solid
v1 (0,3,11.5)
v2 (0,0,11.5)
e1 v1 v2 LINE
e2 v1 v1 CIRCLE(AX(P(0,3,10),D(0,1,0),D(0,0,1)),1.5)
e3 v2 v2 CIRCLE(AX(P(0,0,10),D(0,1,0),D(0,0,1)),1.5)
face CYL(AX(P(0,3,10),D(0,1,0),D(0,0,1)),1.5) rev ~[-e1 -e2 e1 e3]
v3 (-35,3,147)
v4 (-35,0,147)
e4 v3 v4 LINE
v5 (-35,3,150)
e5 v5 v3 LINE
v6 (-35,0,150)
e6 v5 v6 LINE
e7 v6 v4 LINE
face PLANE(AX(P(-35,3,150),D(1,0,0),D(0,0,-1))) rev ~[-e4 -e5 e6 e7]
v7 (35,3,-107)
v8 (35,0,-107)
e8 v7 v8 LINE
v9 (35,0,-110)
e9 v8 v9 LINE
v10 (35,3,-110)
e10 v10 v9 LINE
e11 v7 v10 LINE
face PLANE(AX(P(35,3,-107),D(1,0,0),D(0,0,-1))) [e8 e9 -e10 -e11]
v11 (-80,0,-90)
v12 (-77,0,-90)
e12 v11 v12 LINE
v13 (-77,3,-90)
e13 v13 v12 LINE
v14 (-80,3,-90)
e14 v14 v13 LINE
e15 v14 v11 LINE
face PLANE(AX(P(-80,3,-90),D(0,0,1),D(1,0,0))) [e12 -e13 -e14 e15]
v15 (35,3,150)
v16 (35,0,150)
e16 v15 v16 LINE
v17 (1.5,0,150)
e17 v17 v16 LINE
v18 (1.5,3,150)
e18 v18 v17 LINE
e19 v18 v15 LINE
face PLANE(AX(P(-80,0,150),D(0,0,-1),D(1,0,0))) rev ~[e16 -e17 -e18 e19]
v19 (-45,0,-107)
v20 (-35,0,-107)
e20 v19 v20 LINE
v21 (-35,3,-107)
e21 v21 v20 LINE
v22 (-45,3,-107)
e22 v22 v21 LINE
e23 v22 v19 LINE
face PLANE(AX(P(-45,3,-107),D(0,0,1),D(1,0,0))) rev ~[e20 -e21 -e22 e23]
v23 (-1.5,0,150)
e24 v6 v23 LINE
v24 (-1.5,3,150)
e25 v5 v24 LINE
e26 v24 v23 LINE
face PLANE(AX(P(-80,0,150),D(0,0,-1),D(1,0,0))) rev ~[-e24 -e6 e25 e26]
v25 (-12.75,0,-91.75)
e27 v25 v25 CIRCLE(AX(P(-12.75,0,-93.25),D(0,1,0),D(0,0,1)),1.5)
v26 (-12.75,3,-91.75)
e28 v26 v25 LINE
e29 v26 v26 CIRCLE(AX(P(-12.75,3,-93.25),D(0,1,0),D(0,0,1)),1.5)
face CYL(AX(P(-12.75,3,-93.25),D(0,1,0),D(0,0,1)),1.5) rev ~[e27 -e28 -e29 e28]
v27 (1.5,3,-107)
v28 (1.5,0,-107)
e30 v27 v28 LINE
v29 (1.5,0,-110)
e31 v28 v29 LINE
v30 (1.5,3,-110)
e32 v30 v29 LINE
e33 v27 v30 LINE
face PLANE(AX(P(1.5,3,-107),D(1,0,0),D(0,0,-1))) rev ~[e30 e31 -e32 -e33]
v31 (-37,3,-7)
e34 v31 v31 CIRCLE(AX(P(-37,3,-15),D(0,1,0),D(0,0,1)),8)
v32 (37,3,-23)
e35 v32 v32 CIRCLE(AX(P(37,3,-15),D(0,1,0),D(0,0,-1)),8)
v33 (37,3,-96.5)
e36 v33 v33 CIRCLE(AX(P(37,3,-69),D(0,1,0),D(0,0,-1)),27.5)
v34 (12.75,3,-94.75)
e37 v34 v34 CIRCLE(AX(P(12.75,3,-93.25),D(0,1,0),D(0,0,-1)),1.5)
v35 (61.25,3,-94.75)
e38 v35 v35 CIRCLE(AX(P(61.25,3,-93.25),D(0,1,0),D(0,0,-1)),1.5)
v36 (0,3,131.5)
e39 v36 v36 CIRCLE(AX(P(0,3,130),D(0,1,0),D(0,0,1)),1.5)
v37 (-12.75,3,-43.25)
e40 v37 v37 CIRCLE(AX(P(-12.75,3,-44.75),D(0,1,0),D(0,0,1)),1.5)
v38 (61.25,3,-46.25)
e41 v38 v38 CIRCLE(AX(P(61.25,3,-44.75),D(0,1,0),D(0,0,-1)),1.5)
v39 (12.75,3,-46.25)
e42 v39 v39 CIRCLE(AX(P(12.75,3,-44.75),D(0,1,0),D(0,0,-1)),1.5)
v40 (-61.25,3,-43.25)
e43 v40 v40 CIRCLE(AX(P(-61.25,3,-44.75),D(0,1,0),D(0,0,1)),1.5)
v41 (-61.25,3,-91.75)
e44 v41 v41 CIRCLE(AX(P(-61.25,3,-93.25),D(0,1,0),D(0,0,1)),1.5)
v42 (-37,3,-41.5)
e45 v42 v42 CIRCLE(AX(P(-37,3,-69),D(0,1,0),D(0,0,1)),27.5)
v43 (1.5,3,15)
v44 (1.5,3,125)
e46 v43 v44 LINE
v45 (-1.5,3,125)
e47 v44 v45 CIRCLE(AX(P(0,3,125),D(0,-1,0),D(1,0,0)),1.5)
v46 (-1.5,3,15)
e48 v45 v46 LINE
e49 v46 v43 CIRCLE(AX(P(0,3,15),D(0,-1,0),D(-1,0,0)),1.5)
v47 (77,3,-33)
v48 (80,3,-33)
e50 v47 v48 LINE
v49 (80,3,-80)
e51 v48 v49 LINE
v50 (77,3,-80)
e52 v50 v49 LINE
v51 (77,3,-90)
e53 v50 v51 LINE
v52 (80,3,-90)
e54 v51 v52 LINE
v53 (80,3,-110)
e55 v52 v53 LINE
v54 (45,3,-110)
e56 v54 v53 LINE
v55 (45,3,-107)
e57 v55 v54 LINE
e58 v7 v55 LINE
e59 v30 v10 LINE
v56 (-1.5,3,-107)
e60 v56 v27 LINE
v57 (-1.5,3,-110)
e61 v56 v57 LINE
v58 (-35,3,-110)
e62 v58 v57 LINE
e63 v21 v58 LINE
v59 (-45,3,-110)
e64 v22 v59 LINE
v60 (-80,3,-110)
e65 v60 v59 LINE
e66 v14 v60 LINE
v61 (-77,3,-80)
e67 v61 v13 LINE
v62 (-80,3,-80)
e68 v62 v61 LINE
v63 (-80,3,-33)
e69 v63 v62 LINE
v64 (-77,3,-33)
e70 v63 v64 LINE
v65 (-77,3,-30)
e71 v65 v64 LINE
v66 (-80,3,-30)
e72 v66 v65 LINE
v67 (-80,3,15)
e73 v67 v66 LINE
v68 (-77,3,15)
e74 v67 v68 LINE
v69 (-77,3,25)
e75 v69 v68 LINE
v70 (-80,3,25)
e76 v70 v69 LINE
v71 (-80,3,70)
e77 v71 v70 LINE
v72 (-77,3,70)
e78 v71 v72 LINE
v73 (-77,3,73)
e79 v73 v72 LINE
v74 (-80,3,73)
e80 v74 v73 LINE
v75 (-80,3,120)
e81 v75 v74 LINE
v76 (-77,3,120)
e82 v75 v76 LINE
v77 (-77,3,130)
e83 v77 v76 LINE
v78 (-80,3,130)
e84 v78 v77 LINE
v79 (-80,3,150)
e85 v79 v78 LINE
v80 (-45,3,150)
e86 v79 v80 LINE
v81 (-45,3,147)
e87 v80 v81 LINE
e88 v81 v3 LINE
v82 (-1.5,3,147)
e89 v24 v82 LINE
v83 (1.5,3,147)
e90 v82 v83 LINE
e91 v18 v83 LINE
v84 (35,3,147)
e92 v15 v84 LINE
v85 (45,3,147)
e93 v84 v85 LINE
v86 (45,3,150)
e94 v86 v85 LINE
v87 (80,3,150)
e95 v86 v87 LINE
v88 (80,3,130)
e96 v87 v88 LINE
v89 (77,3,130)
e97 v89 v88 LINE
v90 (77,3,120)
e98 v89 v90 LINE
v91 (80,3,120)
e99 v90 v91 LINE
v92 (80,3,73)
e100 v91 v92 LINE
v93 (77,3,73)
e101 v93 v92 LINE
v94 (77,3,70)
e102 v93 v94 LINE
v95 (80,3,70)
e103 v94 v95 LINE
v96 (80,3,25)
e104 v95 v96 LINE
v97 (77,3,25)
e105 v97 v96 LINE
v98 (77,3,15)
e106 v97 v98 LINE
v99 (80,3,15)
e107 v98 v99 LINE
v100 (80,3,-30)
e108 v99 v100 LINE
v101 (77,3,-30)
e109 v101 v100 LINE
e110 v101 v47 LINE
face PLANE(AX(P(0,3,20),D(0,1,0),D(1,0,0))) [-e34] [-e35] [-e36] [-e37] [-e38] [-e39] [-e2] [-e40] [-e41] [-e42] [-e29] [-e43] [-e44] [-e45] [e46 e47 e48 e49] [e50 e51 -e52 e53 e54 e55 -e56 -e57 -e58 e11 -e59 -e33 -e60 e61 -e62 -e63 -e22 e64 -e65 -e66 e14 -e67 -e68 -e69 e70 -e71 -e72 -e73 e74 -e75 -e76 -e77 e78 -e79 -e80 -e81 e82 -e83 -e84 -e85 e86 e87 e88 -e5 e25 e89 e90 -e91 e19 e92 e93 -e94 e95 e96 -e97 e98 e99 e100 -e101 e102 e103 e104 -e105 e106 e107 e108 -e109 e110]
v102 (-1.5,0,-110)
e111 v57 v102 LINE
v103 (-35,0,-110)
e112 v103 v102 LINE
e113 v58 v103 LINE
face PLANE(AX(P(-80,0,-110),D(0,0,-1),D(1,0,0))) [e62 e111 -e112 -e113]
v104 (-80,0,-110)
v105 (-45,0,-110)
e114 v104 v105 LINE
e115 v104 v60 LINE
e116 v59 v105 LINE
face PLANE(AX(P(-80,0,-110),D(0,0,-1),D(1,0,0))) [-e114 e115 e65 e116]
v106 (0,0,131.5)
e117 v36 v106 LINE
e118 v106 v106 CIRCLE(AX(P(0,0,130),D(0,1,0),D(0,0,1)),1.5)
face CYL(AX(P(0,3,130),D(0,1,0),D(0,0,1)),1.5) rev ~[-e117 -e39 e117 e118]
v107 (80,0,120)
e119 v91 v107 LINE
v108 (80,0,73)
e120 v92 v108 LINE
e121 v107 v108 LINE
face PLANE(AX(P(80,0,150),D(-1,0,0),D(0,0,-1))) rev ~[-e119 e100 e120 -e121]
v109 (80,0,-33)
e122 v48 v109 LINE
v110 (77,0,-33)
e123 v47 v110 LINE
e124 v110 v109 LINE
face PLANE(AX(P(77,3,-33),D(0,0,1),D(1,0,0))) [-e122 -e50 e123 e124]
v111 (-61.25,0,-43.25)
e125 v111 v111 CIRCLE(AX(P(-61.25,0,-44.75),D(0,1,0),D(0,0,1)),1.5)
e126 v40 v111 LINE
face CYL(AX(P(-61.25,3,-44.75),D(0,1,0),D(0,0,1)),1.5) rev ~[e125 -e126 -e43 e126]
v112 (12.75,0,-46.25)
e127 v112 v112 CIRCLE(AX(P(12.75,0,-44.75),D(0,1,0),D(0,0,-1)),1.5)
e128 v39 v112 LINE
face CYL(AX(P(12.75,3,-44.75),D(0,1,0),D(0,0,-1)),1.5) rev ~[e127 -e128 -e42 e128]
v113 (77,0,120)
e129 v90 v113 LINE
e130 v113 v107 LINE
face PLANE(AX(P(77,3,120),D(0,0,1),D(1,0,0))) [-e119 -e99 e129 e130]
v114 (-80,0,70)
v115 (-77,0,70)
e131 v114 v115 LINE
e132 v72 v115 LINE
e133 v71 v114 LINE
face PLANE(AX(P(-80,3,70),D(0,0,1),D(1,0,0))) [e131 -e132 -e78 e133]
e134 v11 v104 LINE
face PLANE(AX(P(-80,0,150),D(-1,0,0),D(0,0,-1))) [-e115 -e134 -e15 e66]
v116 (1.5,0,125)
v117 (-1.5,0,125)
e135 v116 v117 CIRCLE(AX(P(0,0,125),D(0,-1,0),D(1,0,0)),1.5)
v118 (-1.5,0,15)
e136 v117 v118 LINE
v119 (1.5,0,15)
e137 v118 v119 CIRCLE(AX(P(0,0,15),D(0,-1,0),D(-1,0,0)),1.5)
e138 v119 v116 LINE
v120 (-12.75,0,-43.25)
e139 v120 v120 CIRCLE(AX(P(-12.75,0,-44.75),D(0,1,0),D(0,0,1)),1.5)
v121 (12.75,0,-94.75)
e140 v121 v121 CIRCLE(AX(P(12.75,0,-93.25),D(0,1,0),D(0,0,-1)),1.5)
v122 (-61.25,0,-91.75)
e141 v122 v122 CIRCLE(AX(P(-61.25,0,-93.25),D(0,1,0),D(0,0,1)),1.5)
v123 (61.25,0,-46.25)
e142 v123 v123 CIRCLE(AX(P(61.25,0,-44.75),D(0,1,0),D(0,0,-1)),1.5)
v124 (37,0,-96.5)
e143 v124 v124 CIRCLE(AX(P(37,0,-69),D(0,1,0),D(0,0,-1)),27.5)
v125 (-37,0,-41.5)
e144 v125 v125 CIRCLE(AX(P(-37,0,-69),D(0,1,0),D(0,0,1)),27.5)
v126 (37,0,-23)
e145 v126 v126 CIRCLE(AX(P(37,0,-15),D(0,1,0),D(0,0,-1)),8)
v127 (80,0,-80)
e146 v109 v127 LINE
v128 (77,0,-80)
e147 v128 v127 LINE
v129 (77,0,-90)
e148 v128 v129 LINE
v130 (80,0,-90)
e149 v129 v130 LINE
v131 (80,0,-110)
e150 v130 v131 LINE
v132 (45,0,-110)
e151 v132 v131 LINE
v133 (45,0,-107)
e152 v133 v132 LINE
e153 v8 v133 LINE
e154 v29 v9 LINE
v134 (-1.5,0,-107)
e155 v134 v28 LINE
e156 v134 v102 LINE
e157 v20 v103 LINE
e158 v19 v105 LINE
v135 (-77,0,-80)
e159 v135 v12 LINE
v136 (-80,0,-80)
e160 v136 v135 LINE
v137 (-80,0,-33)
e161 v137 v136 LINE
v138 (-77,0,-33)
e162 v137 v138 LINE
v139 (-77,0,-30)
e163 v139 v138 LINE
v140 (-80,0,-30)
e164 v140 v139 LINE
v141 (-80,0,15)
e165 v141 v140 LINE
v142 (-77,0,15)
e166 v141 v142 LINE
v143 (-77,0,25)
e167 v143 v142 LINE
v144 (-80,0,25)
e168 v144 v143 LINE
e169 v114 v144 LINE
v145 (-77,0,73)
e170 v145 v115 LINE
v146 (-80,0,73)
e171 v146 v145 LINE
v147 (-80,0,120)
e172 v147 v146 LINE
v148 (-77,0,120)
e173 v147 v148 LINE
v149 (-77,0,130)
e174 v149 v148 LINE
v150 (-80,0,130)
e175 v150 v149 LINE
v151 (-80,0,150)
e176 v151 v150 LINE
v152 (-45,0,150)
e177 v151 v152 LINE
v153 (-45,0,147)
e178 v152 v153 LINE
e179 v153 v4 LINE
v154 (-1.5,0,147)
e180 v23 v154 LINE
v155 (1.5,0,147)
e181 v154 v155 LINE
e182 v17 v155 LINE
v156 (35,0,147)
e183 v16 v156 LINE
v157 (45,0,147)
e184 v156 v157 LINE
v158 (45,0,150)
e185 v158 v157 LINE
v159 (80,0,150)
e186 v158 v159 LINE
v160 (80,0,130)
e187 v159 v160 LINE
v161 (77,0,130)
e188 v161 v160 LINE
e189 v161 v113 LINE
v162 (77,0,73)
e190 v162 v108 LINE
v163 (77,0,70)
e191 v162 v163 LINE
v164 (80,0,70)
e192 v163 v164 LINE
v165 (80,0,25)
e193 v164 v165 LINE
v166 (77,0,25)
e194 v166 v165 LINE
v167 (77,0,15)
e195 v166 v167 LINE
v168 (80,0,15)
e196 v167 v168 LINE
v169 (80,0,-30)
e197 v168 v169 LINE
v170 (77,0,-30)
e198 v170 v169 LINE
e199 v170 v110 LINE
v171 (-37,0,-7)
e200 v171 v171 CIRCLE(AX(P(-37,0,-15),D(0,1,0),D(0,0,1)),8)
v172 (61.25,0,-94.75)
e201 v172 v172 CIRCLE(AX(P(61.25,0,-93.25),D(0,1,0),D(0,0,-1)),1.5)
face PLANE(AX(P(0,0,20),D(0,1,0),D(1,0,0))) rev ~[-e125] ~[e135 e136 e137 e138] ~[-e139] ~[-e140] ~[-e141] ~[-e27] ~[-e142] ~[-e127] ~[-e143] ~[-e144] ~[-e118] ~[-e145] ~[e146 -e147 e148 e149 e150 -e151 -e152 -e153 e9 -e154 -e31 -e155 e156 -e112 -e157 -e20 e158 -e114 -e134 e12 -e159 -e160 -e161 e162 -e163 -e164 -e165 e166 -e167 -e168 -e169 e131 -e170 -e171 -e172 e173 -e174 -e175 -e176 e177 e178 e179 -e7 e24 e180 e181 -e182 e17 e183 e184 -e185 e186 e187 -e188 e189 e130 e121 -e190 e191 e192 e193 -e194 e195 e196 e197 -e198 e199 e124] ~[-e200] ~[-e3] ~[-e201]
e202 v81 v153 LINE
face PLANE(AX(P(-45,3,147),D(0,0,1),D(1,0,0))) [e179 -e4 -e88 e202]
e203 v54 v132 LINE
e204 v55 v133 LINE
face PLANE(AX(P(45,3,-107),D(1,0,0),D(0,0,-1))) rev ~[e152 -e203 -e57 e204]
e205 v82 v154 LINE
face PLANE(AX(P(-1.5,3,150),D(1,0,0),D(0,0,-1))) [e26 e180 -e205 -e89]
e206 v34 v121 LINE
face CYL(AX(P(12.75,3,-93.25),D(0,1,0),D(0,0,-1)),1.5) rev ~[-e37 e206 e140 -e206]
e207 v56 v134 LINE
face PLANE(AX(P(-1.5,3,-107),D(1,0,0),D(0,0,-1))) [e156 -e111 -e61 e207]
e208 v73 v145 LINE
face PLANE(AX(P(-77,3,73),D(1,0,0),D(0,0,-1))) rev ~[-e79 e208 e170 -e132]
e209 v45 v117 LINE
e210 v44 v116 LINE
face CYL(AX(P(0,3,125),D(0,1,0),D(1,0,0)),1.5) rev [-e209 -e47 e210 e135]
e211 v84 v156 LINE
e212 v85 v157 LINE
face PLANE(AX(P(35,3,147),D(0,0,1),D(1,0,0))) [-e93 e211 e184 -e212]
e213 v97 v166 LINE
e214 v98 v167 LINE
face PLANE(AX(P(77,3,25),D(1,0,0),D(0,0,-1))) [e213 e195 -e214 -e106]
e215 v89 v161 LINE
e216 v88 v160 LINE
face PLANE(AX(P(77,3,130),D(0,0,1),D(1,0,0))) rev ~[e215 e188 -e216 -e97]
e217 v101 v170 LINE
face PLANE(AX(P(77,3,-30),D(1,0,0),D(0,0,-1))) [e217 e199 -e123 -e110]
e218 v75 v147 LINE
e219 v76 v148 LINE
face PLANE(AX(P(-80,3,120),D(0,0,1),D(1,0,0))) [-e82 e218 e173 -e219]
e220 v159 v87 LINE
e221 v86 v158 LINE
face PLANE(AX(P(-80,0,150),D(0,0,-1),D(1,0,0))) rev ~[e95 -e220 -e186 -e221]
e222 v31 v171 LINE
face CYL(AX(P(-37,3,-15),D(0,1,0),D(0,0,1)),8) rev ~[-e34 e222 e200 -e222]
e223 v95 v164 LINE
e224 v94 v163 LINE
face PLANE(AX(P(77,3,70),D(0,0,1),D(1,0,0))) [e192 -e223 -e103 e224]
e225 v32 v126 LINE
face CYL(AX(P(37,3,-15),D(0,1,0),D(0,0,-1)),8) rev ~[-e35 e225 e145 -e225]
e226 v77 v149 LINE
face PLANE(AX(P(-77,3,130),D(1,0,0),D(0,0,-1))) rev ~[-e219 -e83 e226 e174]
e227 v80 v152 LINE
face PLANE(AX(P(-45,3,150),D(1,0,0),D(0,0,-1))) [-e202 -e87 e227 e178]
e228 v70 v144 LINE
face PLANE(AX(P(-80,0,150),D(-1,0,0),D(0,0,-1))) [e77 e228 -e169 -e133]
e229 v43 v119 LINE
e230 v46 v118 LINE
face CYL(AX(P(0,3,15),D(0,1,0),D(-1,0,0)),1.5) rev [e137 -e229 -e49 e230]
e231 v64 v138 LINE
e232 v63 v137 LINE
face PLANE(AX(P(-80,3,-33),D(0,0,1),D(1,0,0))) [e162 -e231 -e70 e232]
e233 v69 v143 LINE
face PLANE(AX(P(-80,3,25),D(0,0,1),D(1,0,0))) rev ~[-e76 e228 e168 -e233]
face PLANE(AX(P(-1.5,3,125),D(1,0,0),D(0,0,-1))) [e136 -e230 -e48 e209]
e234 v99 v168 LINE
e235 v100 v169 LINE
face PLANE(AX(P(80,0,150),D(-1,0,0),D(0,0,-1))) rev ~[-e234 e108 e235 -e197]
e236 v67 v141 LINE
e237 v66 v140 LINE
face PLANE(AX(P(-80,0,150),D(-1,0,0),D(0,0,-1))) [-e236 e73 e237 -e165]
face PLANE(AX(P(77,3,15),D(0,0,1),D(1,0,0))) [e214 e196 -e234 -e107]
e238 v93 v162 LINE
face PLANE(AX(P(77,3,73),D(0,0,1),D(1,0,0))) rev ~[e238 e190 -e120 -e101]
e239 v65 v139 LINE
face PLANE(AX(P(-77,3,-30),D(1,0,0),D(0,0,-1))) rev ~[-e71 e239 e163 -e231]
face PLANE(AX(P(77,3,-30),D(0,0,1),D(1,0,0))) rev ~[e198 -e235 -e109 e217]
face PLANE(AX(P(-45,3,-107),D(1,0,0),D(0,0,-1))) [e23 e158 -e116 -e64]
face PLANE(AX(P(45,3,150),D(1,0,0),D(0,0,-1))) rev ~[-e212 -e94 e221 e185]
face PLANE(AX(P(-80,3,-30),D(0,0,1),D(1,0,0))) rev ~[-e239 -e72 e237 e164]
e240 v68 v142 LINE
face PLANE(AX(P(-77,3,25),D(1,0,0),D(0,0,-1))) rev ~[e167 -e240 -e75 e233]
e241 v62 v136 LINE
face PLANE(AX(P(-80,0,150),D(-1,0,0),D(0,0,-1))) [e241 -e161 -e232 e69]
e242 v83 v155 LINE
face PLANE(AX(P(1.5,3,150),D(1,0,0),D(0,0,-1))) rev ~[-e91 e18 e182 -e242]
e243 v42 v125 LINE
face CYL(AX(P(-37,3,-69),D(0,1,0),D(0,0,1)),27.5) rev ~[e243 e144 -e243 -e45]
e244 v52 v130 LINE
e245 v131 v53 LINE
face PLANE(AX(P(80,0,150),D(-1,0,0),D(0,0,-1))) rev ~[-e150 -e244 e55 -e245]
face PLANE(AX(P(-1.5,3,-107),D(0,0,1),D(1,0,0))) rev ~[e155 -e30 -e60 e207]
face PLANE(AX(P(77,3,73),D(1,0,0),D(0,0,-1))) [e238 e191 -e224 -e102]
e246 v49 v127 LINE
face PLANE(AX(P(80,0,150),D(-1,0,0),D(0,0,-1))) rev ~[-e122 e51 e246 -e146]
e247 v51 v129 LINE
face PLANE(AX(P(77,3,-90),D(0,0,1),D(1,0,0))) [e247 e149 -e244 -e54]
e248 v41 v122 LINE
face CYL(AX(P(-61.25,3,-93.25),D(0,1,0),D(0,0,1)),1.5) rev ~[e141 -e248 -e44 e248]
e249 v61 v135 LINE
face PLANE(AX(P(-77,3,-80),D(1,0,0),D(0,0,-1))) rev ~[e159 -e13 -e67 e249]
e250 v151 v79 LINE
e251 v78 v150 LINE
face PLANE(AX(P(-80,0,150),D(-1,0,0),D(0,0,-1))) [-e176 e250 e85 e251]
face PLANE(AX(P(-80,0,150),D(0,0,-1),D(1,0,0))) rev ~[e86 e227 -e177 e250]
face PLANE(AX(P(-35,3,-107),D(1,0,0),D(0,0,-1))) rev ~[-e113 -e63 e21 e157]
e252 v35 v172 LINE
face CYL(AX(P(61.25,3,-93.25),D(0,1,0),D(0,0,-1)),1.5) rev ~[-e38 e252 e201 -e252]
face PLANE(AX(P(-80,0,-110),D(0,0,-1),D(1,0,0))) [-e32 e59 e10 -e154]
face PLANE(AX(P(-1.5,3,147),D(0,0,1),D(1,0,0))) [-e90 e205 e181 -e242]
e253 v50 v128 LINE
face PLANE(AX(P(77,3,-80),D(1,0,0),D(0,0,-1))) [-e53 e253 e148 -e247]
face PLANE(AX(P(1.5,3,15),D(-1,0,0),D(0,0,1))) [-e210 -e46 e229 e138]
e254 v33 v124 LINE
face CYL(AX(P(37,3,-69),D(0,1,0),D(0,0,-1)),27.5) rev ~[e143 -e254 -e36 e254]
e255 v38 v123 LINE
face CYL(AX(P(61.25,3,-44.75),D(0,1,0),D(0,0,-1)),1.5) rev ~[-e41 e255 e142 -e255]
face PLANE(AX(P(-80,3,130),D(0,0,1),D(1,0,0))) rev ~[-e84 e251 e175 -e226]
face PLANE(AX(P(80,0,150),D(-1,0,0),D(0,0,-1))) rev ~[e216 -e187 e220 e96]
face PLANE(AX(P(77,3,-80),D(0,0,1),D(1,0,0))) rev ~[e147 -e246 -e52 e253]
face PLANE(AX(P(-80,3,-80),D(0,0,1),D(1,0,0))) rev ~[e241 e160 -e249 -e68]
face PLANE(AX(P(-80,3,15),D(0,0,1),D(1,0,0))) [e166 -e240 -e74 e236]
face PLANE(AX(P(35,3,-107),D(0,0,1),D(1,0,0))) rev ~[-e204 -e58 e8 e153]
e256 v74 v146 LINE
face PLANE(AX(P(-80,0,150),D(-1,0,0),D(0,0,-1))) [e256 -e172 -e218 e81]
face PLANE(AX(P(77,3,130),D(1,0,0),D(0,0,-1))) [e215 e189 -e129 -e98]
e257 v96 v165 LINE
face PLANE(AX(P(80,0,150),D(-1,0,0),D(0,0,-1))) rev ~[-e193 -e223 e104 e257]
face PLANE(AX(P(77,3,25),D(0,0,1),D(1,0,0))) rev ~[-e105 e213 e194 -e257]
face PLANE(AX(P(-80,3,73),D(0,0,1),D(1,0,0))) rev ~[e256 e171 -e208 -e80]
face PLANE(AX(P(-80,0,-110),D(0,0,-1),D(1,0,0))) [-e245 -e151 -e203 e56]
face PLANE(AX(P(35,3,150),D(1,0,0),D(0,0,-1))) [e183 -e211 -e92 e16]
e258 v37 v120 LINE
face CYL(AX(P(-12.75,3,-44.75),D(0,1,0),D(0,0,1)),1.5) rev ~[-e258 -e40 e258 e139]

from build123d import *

# Parameters (mm, degrees)
SKETCH1_W           = 160
SKETCH1_H           = 260
BOSS_EXTRUDE1_DEPTH = 3
SKETCH2_R           = 1.5
SKETCH2_R_2         = 8
SKETCH2_R_3         = 27.5
CUT_EXTRUDE1_DEPTH  = 3
SKETCH7_W           = 3
SKETCH7_H           = 3
SKETCH7_W_2         = 10
SKETCH7_H_2         = 10
CUT_EXTRUDE2_DEPTH  = 171.026468528


with BuildPart() as part:
    # Sketch1 → Boss-Extrude1 (new body)
    with BuildSketch(Plane(origin=(0, 0, 0), x_dir=(1, 0, 0), z_dir=(0, 1, 0))):
        with Locations((0, -20)):
            Rectangle(SKETCH1_W, SKETCH1_H)
    extrude(amount=BOSS_EXTRUDE1_DEPTH)

    # Sketch2 → Cut-Extrude1 (cut)
    with BuildSketch(Plane(origin=(0, 3, 0), x_dir=(1, 0, 0), z_dir=(0, 1, 0))):
        with Locations(Location((0, -10, 0), (0, 0, 270))):
            Circle(SKETCH2_R)
        with Locations(Location((0, -130, 0), (0, 0, 270))):
            Circle(SKETCH2_R)
        with Locations(Location((-37, 15, 0), (0, 0, 270))):
            Circle(SKETCH2_R_2)
        with Locations(Location((-12.75, 93.25, 0), (0, 0, 270))):
            Circle(SKETCH2_R)
        with Locations(Location((37, 15, 0), (0, 0, 90))):
            Circle(SKETCH2_R_2)
        with Locations(Location((-12.75, 44.75, 0), (0, 0, 270))):
            Circle(SKETCH2_R)
        with Locations(Location((-61.25, 44.75, 0), (0, 0, 270))):
            Circle(SKETCH2_R)
        with Locations(Location((-61.25, 93.25, 0), (0, 0, 270))):
            Circle(SKETCH2_R)
        with Locations(Location((37, 69, 0), (0, 0, 90))):
            Circle(SKETCH2_R_3)
        with Locations(Location((12.75, 44.75, 0), (0, 0, 90))):
            Circle(SKETCH2_R)
        with Locations(Location((61.25, 44.75, 0), (0, 0, 90))):
            Circle(SKETCH2_R)
        with Locations(Location((61.25, 93.25, 0), (0, 0, 90))):
            Circle(SKETCH2_R)
        with Locations(Location((-37, 69, 0), (0, 0, 270))):
            Circle(SKETCH2_R_3)
        with Locations(Location((12.75, 93.25, 0), (0, 0, 90))):
            Circle(SKETCH2_R)
        with BuildLine():
            Line((1.5, -15), (1.5, -125))
            ThreePointArc((1.5, -125), (0, -126.5), (-1.5, -125))
            Line((-1.5, -125), (-1.5, -15))
            ThreePointArc((-1.5, -15), (0, -13.5), (1.5, -15))
        make_face()
    extrude(amount=-CUT_EXTRUDE1_DEPTH, mode=Mode.SUBTRACT)

    # Sketch7 → Cut-Extrude2 (cut, through all)
    with BuildSketch(Plane(origin=(0, 3, 0), x_dir=(1, 0, 0), z_dir=(0, 1, 0))):
        with Locations((0, 108.5)):
            Rectangle(SKETCH7_W, SKETCH7_H)
        with Locations((40, 108.5)):
            Rectangle(SKETCH7_W_2, SKETCH7_H)
        with Locations((-40, 108.5)):
            Rectangle(SKETCH7_W_2, SKETCH7_H)
        with Locations((40, -148.5)):
            Rectangle(SKETCH7_W_2, SKETCH7_H)
        with Locations((-40, -148.5)):
            Rectangle(SKETCH7_W_2, SKETCH7_H)
        with Locations((0, -148.5)):
            Rectangle(SKETCH7_W, SKETCH7_H)
        with Locations((-78.5, -125)):
            Rectangle(SKETCH7_W, SKETCH7_H_2)
        with Locations((-78.5, -20)):
            Rectangle(SKETCH7_W, SKETCH7_H_2)
        with Locations((-78.5, 85)):
            Rectangle(SKETCH7_W, SKETCH7_H_2)
        with Locations((-78.5, -71.5)):
            Rectangle(SKETCH7_W, SKETCH7_H)
        with Locations((-78.5, 31.5)):
            Rectangle(SKETCH7_W, SKETCH7_H)
        with Locations((78.5, -125)):
            Rectangle(SKETCH7_W, SKETCH7_H_2)
        with Locations((78.5, -71.5)):
            Rectangle(SKETCH7_W, SKETCH7_H)
        with Locations((78.5, -20)):
            Rectangle(SKETCH7_W, SKETCH7_H_2)
        with Locations((78.5, 31.5)):
            Rectangle(SKETCH7_W, SKETCH7_H)
        with Locations((78.5, 85)):
            Rectangle(SKETCH7_W, SKETCH7_H_2)
    extrude(amount=-CUT_EXTRUDE2_DEPTH, mode=Mode.SUBTRACT)


solid = part.part
